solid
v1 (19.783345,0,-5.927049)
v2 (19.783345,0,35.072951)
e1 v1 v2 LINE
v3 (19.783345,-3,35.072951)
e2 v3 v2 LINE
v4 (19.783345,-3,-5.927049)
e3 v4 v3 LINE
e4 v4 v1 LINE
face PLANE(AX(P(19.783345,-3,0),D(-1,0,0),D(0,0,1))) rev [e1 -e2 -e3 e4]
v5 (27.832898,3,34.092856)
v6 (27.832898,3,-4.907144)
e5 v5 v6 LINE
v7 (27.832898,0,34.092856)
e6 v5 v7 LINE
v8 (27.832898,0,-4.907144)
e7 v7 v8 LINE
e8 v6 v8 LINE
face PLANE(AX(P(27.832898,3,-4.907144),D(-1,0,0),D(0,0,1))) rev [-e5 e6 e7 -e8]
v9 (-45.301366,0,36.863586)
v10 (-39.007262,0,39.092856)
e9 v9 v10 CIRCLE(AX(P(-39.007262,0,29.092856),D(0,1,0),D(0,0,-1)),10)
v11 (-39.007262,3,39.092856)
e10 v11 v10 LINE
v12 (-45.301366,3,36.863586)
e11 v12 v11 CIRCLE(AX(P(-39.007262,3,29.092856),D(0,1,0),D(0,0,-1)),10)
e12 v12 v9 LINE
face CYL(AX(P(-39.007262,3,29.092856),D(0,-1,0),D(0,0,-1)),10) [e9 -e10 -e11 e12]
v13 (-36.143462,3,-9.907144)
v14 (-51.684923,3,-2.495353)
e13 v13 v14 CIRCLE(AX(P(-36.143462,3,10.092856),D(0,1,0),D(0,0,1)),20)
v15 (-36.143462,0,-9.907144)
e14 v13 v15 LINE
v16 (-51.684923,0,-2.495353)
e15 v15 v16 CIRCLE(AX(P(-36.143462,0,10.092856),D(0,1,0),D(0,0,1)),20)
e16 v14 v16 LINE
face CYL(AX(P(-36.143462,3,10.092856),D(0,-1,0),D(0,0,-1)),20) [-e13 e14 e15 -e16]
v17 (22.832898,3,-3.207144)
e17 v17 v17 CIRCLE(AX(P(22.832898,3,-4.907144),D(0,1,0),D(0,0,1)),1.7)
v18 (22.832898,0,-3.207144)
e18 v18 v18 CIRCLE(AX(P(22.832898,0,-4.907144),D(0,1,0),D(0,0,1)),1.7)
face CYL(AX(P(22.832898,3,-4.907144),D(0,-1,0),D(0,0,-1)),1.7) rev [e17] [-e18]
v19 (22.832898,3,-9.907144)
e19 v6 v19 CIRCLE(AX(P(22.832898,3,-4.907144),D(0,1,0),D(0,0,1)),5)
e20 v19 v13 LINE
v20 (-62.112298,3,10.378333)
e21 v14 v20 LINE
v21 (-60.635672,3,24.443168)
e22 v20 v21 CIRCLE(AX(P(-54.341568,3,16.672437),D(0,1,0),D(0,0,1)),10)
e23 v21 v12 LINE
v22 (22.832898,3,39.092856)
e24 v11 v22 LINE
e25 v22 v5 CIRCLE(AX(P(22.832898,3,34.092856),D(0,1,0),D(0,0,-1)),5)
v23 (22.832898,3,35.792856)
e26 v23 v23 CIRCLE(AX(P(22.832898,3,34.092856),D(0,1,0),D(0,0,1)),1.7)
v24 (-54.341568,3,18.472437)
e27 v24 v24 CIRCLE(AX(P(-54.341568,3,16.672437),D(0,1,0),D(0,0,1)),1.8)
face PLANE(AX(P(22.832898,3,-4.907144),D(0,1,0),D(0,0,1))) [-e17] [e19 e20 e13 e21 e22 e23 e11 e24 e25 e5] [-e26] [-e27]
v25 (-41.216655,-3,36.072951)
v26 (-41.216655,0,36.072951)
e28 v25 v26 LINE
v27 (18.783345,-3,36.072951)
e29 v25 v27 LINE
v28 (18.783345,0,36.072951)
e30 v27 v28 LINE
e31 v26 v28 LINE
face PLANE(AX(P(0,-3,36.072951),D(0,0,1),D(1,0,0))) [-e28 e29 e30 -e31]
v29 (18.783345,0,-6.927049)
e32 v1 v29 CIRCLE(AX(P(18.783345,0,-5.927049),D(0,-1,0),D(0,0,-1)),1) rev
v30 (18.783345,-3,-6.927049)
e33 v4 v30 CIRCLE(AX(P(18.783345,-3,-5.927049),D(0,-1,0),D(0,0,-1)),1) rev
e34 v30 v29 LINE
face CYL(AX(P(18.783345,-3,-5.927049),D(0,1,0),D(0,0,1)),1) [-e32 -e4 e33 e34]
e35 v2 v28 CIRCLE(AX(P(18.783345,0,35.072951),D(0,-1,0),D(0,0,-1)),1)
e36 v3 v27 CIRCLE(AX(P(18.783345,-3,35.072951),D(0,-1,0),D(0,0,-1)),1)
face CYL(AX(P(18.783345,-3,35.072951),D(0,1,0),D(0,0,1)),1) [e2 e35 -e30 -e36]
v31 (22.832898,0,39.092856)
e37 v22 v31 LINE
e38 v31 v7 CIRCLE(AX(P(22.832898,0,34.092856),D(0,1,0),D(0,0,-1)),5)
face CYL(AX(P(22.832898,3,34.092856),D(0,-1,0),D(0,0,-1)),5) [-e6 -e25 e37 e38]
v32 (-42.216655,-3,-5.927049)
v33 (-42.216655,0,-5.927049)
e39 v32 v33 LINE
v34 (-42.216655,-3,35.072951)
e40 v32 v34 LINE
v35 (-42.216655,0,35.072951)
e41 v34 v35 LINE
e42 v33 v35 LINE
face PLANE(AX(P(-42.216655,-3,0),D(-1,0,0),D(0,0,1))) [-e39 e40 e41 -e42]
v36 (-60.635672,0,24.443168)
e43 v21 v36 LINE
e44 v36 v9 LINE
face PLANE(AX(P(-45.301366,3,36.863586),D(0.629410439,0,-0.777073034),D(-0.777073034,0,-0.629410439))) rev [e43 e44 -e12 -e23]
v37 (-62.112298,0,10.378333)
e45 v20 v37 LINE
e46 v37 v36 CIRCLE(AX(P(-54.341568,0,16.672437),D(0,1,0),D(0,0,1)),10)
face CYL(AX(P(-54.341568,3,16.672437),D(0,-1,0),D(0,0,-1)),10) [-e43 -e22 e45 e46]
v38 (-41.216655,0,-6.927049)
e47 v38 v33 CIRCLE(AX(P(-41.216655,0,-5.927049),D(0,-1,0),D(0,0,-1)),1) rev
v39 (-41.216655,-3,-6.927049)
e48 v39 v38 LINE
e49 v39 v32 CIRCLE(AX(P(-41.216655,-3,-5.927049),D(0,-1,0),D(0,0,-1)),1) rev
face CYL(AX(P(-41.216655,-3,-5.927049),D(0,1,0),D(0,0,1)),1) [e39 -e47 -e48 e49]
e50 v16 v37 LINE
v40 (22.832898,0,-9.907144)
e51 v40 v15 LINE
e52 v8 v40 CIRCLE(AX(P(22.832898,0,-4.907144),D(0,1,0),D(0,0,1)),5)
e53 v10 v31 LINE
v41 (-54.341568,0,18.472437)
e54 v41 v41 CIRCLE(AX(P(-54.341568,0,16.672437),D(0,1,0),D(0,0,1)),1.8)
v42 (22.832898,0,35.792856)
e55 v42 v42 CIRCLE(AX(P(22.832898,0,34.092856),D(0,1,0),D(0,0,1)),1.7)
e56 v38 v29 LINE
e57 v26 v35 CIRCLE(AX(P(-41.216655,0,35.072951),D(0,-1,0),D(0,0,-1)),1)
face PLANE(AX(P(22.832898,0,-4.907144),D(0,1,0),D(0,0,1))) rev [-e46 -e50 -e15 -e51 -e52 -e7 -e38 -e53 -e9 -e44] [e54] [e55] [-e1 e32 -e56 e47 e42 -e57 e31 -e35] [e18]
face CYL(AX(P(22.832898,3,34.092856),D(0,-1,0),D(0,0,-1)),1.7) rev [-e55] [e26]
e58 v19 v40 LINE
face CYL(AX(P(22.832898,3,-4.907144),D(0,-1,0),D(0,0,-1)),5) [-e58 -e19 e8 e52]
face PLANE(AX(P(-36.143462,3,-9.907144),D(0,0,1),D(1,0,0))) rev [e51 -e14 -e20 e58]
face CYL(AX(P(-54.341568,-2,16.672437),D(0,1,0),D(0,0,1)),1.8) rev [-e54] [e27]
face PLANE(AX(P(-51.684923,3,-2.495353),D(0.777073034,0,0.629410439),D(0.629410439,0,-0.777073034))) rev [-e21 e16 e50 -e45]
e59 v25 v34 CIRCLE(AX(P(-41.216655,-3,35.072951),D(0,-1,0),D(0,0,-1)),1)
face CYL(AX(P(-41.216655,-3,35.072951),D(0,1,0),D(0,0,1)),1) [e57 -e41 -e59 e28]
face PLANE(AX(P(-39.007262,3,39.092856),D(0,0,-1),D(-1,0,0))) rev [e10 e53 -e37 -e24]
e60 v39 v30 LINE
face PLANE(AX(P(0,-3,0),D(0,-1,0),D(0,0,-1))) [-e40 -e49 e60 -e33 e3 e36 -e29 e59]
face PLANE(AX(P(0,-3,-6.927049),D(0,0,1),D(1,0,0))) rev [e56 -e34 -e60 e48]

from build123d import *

# Parameters (mm, degrees)
SKETCH1_R           = 1.7
BOSS_EXTRUDE2_DEPTH = 3
BOSS_EXTRUDE3_DEPTH = 3
SKETCH4_R           = 1.8
CUT_EXTRUDE1_DEPTH  = 5


with BuildPart() as part:
    # Sketch1 → Boss-Extrude2 (new body)
    with BuildSketch(Plane(origin=(0, 0, 0), x_dir=(1, 0, 0), z_dir=(0, 1, 0))):
        with BuildLine():
            Line((-39.007261737, -39.092855818), (22.832898339, -39.092855818))
            ThreePointArc((22.832898339, -39.092855818), (26.368432245, -37.628389724), (27.832898339, -34.092855818))
            Line((27.832898339, -34.092855818), (27.832898339, 4.907144182))
            ThreePointArc((27.832898339, 4.907144182), (26.368432245, 8.442678088), (22.832898339, 9.907144182))
            Line((22.832898339, 9.907144182), (-36.143461968, 9.907144182))
            ThreePointArc((-36.143461968, 9.907144182), (-44.75263802, 7.959348694), (-51.684922644, 2.495352954))
            Line((-51.684922644, 2.495352954), (-62.112298102, -10.378332935))
            ThreePointArc((-62.112298102, -10.378332935), (-64.286907773, -17.716569545), (-60.63567215, -24.443167658))
            Line((-60.63567215, -24.443167658), (-45.301366123, -36.863586155))
            ThreePointArc((-45.301366123, -36.863586155), (-42.345876466, -38.519077314), (-39.007261737, -39.092855818))
        make_face()
        with Locations(Location((22.832898339, 4.907144182, 0), (0, 0, 270))):
            Circle(SKETCH1_R, mode=Mode.SUBTRACT)
        with Locations(Location((22.832898339, -34.092855818, 0), (0, 0, 270))):
            Circle(SKETCH1_R, mode=Mode.SUBTRACT)
    extrude(amount=BOSS_EXTRUDE2_DEPTH)

    # Sketch3 → Boss-Extrude3 (add)
    with BuildSketch(Plane.XZ):
        with BuildLine():
            ThreePointArc((-41.216654954, -6.9270495), (-41.923761735, -6.634156281), (-42.216654954, -5.9270495))
            Line((-42.216654954, -5.9270495), (-42.216654954, 35.0729505))
            ThreePointArc((-42.216654954, 35.0729505), (-41.923761735, 35.780057281), (-41.216654954, 36.0729505))
            Line((-41.216654954, 36.0729505), (18.783345046, 36.0729505))
            ThreePointArc((18.783345046, 36.0729505), (19.490451827, 35.780057281), (19.783345046, 35.0729505))
            Line((19.783345046, 35.0729505), (19.783345046, -5.9270495))
            ThreePointArc((19.783345046, -5.9270495), (19.490451827, -6.634156281), (18.783345046, -6.9270495))
            Line((18.783345046, -6.9270495), (-41.216654954, -6.9270495))
        make_face()
    extrude(amount=BOSS_EXTRUDE3_DEPTH)

    # Sketch4 → Cut-Extrude1 (cut)
    with BuildSketch(Plane(origin=(0, 3, 0), x_dir=(1, 0, 0), z_dir=(0, 1, 0))):
        with Locations(Location((-54.341567764, -16.672437321, 0), (0, 0, 270))):
            Circle(SKETCH4_R)
    extrude(amount=-CUT_EXTRUDE1_DEPTH, mode=Mode.SUBTRACT)


solid = part.part
